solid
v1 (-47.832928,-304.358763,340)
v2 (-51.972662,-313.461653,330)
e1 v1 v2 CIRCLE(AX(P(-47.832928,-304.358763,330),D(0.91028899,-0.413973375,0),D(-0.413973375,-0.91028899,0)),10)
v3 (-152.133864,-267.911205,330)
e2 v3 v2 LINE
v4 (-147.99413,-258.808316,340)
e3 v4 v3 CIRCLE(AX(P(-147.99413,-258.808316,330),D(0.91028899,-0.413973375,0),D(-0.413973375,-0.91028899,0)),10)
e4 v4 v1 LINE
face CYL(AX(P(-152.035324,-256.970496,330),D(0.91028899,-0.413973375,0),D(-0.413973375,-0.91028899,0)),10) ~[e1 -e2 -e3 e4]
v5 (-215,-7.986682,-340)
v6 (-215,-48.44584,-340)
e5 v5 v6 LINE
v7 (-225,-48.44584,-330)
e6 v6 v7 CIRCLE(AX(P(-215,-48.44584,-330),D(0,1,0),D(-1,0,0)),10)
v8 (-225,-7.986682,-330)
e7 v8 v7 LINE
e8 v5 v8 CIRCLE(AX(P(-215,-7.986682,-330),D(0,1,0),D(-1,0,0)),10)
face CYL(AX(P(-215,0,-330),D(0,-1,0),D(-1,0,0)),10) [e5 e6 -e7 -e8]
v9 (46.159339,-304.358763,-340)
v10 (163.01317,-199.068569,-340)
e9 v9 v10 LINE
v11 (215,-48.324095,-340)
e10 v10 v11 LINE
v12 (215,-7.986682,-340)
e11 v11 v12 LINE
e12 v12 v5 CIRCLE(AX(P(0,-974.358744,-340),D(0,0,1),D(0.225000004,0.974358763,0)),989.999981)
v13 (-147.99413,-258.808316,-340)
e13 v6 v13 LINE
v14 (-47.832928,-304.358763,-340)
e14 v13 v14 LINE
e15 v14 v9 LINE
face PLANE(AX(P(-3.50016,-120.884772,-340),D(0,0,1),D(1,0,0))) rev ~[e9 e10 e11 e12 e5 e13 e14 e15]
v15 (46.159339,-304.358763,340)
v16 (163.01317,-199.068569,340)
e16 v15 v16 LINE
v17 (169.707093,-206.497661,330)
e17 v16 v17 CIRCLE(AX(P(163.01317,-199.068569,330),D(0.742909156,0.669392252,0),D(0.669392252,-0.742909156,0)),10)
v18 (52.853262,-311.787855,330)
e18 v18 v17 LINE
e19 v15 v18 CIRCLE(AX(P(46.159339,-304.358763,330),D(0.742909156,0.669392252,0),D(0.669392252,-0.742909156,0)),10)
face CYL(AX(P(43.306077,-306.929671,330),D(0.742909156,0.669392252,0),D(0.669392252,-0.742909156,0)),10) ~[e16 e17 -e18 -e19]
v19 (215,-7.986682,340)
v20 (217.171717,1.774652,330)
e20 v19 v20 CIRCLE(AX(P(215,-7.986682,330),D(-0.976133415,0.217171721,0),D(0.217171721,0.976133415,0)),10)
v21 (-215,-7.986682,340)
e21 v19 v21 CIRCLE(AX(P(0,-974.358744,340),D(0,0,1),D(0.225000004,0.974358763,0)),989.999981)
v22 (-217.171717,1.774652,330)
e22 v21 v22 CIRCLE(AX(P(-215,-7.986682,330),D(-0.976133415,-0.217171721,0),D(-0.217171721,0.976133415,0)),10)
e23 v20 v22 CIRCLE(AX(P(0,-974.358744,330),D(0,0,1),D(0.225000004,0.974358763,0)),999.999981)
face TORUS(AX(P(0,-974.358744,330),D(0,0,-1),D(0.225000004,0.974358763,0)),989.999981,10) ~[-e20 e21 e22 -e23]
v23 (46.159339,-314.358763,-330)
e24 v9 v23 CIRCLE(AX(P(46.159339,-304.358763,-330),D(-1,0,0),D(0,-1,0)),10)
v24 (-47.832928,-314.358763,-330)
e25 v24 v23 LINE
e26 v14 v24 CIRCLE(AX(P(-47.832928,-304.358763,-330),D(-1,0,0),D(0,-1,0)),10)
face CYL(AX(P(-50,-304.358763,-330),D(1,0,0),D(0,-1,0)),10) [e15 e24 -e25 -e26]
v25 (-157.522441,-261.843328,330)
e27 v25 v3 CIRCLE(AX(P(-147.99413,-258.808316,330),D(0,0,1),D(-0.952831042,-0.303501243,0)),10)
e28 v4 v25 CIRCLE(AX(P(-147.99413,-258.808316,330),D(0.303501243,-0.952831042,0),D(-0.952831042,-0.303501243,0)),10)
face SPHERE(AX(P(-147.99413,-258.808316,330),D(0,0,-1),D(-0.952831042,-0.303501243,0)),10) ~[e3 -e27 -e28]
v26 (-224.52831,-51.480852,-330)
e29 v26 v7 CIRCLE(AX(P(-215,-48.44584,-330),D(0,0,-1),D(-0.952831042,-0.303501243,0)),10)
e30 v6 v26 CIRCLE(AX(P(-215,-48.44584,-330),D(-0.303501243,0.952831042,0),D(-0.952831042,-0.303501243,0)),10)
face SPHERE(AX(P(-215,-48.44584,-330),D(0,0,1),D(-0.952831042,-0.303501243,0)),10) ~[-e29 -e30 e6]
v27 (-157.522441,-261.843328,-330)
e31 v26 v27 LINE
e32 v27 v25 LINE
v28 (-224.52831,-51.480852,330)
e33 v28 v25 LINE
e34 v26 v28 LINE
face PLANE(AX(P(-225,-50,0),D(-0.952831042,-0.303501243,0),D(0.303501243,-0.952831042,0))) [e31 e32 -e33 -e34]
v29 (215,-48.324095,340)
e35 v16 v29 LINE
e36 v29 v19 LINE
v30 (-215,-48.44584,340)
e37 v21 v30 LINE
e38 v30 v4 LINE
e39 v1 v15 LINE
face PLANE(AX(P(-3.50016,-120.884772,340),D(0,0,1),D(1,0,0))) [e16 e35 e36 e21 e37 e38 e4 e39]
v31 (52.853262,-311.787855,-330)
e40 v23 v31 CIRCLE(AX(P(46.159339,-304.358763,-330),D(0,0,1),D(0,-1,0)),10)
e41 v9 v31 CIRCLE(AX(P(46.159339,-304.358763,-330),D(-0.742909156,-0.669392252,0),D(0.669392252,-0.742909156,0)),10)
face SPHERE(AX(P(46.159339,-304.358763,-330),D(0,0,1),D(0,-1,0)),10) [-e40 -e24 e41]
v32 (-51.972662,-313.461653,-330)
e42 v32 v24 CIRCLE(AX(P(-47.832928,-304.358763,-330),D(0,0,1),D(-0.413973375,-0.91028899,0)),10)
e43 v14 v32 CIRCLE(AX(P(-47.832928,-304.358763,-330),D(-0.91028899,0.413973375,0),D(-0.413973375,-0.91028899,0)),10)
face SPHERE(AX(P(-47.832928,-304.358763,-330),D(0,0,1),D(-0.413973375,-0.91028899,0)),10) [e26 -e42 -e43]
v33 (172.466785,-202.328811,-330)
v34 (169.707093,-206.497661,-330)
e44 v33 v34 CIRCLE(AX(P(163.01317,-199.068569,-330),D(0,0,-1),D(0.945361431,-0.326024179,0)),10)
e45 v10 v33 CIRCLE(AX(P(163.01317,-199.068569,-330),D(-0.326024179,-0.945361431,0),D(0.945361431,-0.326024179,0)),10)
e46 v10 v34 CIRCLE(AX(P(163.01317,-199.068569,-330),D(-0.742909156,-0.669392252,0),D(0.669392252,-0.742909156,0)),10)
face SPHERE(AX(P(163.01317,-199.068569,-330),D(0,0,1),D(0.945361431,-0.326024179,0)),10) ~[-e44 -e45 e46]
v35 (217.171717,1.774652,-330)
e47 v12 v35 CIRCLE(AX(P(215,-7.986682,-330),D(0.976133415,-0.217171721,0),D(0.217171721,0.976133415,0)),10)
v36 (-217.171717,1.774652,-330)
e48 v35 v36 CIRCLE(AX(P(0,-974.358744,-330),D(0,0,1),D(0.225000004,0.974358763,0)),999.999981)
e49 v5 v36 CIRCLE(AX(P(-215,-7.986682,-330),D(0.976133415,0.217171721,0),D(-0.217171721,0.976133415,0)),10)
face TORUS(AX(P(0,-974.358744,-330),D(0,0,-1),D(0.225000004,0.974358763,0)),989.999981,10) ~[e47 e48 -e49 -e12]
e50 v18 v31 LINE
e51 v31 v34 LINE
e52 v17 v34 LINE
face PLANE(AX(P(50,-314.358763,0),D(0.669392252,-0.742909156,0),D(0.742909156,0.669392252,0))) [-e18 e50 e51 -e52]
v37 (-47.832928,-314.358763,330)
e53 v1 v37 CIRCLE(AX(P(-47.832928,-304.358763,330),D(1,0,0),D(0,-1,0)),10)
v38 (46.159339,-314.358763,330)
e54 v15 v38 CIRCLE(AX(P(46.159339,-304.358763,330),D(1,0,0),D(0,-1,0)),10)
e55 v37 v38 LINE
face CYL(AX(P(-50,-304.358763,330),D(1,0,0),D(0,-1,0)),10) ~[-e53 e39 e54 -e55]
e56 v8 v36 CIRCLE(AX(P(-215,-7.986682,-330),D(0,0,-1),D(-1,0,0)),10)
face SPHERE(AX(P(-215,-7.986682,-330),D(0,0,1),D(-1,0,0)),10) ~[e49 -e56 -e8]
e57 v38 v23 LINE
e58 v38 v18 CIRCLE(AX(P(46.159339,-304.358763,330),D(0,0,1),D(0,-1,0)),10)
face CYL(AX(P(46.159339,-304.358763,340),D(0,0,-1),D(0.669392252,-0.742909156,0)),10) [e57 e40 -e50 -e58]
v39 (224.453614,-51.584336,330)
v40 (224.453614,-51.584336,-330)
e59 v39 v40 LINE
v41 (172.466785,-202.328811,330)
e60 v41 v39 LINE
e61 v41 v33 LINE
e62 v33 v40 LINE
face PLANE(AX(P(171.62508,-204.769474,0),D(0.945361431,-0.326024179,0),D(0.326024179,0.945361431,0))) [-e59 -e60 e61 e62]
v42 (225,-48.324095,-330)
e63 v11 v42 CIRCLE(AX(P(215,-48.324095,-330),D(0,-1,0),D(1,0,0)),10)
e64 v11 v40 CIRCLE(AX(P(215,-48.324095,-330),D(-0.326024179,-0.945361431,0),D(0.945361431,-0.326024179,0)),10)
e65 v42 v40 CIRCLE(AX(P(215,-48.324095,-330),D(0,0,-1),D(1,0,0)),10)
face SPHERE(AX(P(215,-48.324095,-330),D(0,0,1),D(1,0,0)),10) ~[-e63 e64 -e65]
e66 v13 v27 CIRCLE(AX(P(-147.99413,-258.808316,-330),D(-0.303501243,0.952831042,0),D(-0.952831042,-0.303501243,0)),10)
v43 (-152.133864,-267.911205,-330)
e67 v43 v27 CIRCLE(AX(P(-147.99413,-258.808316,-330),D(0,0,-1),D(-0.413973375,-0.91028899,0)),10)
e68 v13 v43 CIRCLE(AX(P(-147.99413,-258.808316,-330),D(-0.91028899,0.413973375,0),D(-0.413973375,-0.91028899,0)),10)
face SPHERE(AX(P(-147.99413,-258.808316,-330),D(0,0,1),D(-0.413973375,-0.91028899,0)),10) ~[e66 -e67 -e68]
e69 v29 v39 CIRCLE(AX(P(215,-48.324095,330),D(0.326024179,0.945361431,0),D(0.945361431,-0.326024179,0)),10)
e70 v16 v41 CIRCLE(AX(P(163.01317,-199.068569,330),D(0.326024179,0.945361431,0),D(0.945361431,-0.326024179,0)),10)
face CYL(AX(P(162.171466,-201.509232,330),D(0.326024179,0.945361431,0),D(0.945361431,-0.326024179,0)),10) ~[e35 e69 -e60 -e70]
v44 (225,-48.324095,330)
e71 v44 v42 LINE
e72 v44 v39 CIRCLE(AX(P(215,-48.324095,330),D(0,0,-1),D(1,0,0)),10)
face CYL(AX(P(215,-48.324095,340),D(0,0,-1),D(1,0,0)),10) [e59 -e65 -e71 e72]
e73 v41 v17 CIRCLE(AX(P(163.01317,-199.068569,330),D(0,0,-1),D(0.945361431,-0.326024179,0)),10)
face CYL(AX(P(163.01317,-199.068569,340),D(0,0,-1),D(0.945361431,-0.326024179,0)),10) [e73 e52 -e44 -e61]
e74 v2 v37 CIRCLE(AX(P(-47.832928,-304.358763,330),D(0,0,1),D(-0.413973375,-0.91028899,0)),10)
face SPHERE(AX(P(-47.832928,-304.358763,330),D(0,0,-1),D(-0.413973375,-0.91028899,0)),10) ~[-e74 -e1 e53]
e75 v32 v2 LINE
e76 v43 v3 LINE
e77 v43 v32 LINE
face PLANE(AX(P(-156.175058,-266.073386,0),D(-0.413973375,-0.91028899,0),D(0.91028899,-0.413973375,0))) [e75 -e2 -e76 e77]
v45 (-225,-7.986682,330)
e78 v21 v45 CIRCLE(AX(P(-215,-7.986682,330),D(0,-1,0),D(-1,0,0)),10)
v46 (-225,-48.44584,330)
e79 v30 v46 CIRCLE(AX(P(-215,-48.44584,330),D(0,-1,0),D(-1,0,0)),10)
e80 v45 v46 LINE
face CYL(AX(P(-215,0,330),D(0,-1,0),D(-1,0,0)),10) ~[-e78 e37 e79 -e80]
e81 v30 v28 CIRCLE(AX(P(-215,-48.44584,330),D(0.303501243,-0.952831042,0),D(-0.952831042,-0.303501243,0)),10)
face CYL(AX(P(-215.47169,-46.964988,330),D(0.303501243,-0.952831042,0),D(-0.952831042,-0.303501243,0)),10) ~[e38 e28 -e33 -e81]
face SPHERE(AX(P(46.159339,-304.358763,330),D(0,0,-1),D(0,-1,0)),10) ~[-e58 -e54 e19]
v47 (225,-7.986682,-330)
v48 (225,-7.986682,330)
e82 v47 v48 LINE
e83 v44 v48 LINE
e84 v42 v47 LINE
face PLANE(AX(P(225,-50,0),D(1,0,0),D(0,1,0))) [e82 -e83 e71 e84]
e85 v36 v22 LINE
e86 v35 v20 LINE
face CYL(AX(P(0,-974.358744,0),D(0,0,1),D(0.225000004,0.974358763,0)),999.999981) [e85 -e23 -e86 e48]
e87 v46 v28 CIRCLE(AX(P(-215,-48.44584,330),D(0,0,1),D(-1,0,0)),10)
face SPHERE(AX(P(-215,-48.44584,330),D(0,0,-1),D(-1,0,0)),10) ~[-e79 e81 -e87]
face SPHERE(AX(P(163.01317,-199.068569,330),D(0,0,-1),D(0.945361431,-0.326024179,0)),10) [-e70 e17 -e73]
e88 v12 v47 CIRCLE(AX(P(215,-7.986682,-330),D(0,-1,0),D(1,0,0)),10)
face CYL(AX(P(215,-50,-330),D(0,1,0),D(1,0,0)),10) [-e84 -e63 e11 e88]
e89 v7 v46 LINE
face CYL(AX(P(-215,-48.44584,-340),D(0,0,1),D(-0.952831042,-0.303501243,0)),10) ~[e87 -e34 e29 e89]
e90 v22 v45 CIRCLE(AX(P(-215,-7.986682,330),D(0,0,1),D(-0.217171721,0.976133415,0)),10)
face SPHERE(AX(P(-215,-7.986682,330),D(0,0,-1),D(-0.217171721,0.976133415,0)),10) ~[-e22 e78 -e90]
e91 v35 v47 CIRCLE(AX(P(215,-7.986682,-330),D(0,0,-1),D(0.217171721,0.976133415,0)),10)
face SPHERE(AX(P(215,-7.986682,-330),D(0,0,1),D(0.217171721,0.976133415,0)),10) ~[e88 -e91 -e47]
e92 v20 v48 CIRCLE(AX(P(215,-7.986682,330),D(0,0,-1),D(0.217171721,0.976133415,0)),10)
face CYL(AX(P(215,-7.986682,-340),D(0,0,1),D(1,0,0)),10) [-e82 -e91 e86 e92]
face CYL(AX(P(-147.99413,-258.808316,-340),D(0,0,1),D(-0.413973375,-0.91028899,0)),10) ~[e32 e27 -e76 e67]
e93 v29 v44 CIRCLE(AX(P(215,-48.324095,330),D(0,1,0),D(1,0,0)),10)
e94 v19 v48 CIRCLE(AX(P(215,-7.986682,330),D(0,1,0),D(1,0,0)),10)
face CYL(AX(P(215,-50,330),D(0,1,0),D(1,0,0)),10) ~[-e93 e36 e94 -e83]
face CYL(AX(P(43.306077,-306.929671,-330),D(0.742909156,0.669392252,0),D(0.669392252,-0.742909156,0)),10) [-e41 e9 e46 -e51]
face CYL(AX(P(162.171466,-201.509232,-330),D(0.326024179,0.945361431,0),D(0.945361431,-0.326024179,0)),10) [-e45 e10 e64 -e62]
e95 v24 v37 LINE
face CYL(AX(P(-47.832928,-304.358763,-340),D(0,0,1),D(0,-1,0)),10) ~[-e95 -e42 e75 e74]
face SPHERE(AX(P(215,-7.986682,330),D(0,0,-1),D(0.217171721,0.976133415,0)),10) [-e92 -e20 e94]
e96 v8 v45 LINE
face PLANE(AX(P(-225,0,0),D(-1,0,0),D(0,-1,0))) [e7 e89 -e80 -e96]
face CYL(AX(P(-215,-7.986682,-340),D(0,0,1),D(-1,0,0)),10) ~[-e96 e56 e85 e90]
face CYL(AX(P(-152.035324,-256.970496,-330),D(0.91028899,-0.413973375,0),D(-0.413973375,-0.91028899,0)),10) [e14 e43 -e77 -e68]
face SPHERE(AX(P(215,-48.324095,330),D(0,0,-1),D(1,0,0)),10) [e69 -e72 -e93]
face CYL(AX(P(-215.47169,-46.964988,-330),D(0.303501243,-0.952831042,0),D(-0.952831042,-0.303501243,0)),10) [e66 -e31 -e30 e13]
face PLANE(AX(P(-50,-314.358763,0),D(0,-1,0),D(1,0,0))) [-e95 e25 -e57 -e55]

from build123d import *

# Parameters (mm, degrees)
F1_DEPTH = 340
F2_R     = 10


with BuildPart() as f1:
    # F0 (on Top) → F1 (new body, symmetric)
    with BuildSketch(Plane.XY):
        with BuildLine():
            Line((225, -50), (225, 0))
            ThreePointArc((225, 0), (0, 25.641237), (-225, 0))
            Line((-225, 0), (-225, -50))
            Line((-225, -50), (-156.175058, -266.073386))
            Line((-156.175058, -266.073386), (-50, -314.358763))
            Line((-50, -314.358763), (50, -314.358763))
            Line((50, -314.358763), (171.62508, -204.769474))
            Line((171.62508, -204.769474), (225, -50))
        make_face()
    extrude(amount=F1_DEPTH, both=True)

    # F2
    f2_edges = [f1.edges().sort_by_distance(p)[0] for p in [
        (225, 0, 0),
        (0, 25.641237, -340),
        (-225, 0, 0),
        (0, 25.641237, 340),
        (-225, -25, -340),
        (-225, -50, 0),
        (-225, -25, 340),
        (-190.587529, -158.036693, -340),
        (-156.175058, -266.073386, 0),
        (-190.587529, -158.036693, 340),
        (225, -50, 0),
        (225, -25, -340),
        (225, -25, 340),
        (171.62508, -204.769474, 0),
        (198.31254, -127.384737, -340),
        (198.31254, -127.384737, 340),
        (110.81254, -259.564119, -340),
        (110.81254, -259.564119, 340),
        (50, -314.358763, 0),
        (0, -314.358763, -340),
        (0, -314.358763, 340),
        (-50, -314.358763, 0),
        (-103.087529, -290.216075, -340),
        (-103.087529, -290.216075, 340),
    ]]
    fillet(f2_edges, radius=F2_R)


solid = f1.part
